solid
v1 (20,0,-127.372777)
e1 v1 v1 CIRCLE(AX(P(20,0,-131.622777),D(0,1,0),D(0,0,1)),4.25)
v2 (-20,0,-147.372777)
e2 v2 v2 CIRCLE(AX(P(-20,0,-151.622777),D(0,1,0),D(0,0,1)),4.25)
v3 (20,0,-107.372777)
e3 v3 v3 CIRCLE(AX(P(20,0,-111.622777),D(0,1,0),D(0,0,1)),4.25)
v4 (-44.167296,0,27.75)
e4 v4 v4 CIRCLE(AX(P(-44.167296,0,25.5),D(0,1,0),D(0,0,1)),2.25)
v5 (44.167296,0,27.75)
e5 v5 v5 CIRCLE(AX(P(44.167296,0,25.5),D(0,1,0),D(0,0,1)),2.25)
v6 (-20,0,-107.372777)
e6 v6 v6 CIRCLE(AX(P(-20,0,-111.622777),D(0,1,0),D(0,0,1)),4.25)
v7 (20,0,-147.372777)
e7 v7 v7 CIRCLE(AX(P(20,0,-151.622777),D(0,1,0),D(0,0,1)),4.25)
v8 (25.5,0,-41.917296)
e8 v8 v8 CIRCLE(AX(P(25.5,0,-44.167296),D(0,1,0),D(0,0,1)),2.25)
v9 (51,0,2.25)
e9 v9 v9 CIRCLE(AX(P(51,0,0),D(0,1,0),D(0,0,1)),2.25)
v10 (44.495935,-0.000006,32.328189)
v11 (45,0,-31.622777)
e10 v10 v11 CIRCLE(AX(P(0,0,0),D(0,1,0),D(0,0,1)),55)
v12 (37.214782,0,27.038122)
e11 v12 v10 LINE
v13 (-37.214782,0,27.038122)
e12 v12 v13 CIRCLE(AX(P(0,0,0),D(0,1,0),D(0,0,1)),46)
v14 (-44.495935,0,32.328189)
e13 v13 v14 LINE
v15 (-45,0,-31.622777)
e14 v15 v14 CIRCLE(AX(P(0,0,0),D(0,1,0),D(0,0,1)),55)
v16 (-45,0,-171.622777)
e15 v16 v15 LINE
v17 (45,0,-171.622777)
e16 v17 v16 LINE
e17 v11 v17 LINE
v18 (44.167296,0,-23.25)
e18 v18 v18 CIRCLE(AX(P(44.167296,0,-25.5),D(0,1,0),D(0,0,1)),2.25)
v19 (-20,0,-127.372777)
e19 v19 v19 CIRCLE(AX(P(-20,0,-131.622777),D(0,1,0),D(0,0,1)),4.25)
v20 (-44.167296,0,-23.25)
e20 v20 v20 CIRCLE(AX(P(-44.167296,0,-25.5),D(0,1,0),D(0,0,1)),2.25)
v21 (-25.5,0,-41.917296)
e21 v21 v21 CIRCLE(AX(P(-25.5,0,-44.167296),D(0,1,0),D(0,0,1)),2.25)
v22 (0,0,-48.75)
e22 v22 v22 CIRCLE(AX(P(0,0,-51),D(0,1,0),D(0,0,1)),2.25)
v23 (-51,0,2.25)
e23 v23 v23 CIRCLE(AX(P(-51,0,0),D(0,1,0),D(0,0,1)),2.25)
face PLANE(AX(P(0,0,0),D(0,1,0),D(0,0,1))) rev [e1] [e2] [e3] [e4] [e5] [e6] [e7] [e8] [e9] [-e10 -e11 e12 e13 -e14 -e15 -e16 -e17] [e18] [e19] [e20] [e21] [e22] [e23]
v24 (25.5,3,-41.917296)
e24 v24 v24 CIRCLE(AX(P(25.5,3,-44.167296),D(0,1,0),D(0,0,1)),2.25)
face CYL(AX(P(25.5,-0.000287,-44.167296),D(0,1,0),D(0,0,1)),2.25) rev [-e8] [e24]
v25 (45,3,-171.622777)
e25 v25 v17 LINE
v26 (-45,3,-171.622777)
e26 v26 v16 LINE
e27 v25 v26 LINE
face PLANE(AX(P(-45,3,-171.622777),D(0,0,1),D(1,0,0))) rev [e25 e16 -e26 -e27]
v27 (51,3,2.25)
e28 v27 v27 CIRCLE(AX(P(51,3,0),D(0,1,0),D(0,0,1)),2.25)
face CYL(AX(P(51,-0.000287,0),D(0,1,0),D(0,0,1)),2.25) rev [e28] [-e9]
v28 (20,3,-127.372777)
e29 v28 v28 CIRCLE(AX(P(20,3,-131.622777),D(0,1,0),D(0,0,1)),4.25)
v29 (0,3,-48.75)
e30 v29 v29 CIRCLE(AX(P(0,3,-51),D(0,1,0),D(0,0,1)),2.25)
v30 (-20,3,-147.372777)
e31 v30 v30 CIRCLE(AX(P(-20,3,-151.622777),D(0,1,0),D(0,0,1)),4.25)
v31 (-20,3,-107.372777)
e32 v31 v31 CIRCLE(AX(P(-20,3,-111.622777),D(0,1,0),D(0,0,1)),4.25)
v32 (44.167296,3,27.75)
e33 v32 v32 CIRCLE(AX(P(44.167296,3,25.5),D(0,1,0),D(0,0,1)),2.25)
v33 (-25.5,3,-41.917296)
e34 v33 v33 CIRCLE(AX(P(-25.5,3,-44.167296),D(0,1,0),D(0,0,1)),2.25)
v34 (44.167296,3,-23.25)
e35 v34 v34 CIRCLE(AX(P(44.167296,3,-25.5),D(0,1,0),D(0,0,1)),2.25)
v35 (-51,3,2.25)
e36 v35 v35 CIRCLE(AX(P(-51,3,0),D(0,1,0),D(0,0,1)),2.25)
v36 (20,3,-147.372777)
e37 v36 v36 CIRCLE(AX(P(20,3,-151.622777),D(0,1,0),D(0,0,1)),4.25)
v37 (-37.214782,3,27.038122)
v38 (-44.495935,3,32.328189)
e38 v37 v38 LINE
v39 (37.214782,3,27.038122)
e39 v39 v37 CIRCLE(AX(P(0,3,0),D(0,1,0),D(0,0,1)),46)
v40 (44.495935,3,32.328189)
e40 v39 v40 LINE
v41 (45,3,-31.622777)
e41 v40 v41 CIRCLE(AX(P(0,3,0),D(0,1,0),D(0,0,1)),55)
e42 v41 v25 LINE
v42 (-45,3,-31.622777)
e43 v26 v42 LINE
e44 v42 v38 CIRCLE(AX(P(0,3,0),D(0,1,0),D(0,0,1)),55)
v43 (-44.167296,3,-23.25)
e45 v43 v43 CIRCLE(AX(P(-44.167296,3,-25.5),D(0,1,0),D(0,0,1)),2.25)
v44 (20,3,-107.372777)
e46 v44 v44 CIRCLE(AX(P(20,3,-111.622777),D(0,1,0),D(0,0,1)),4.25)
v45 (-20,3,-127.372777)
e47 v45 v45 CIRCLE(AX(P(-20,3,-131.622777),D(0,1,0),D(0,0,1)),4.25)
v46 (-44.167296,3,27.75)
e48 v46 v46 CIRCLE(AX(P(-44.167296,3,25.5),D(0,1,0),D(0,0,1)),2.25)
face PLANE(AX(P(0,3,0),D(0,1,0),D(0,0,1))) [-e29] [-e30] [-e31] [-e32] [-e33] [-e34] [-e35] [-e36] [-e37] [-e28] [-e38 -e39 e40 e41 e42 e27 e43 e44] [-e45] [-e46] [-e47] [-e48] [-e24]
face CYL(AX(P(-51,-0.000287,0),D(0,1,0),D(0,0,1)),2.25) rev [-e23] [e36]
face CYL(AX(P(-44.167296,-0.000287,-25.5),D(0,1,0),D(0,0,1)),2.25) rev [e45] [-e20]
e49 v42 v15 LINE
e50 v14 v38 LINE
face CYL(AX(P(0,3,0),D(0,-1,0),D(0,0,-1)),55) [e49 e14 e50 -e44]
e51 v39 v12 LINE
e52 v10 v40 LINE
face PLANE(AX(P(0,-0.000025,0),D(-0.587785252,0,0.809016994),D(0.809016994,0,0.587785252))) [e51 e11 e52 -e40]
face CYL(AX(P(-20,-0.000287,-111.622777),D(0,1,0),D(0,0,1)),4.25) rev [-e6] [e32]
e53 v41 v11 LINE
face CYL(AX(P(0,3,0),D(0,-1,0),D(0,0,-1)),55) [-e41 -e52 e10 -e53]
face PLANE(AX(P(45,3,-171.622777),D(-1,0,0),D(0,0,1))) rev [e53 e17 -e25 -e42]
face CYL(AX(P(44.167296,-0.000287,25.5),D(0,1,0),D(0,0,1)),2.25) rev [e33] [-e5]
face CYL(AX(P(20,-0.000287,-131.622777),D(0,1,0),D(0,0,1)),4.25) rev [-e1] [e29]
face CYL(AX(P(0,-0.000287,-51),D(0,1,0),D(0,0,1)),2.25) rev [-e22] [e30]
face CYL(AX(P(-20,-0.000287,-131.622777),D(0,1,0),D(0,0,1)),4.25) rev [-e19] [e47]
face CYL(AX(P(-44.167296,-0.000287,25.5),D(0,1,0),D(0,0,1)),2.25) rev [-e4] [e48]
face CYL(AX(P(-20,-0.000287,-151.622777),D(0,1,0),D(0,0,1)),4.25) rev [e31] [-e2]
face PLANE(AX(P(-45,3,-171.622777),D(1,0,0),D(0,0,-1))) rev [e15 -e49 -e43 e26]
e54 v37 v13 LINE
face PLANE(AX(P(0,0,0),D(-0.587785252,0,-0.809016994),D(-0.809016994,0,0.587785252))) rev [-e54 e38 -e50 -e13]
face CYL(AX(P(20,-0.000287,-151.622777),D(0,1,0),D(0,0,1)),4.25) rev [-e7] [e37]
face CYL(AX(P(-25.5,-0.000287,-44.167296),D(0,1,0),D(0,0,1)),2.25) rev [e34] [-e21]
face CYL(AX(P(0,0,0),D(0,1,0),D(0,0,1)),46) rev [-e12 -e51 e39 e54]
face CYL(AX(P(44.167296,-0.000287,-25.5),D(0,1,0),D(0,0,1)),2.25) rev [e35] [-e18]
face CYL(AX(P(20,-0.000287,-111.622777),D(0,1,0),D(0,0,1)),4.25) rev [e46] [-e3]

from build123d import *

# Parameters (mm, degrees)
SKETCH1_R               = 55
BOSS_EXTRUDE1_DEPTH     = 3
SKETCH2_W               = 90
SKETCH2_H               = 140
BOSS_EXTRUDE2_DEPTH     = 3
SKETCH4_R               = 46
CUT_EXTRUDE2_DEPTH      = 1
CUT_EXTRUDE2_DEPTH_BACK = 4
CUT_EXTRUDE5_START      = -4
CUT_EXTRUDE5_DEPTH      = 5
CUT_EXTRUDE3_START      = -4
SKETCH5_R               = 2.25
CUT_EXTRUDE3_DEPTH      = 5
CIRPATTERN1_COUNT       = 12
CUT_EXTRUDE4_START      = -4
SKETCH6_R               = 4.25
CUT_EXTRUDE4_DEPTH      = 5
LPATTERN1_COUNT         = 3
LPATTERN1_PITCH         = 20


with BuildPart() as part:
    # Sketch1 → Boss-Extrude1 (new body)
    with BuildSketch(Plane(origin=(0, 0, 0), x_dir=(1, 0, 0), z_dir=(0, 1, 0))):
        Circle(SKETCH1_R)
    extrude(amount=BOSS_EXTRUDE1_DEPTH)

    # Sketch2 → Boss-Extrude2 (add)
    with BuildSketch(Plane(origin=(0, 0, 0), x_dir=(1, 0, 0), z_dir=(0, 1, 0))):
        with Locations((0, 101.622776602)):
            Rectangle(SKETCH2_W, SKETCH2_H)
    extrude(amount=BOSS_EXTRUDE2_DEPTH)

    # Sketch4 → Cut-Extrude2 (cut, two sides)
    with BuildSketch(Plane(origin=(0, 3, 0), x_dir=(1, 0, 0), z_dir=(0, 1, 0))) as cut_extrude2_sk:
        Circle(SKETCH4_R)
    extrude(amount=CUT_EXTRUDE2_DEPTH, mode=Mode.SUBTRACT)
    extrude(cut_extrude2_sk.sketch, amount=-CUT_EXTRUDE2_DEPTH_BACK, mode=Mode.SUBTRACT)

    # Sketch7 → Cut-Extrude5 (cut)
    with BuildSketch(Plane(origin=(0, 3, 0), x_dir=(1, 0, 0), z_dir=(0, 1, 0)).offset(CUT_EXTRUDE5_START)):
        with BuildLine():
            Line((0, 0), (0, -55))
            ThreePointArc((0, -55), (-24.969477486, -49.00535883), (-44.495934691, -32.328188876))
            Line((-44.495934691, -32.328188876), (0, 0))
        make_face()
    cut_extrude5 = extrude(amount=CUT_EXTRUDE5_DEPTH, mode=Mode.SUBTRACT)

    # Mirror1: Cut-Extrude5 across plane
    add(cut_extrude5.mirror(Plane(origin=(0, 0, 0), x_dir=(0, 0, 1), z_dir=(1, 0, 0))), mode=Mode.SUBTRACT)

    # Sketch5 → Cut-Extrude3 (cut)
    with BuildSketch(Plane(origin=(0, 3, 0), x_dir=(1, 0, 0), z_dir=(0, 1, 0)).offset(CUT_EXTRUDE3_START)):
        with Locations((0, 51)):
            Circle(SKETCH5_R)
    cut_extrude3 = extrude(amount=CUT_EXTRUDE3_DEPTH, mode=Mode.SUBTRACT)

    # CirPattern1: Cut-Extrude3 ×12 about axis
    cirpattern1_axis = Axis((0, 0, 0), (0, 1, 0))
    for i in range(1, CIRPATTERN1_COUNT):
        add(cut_extrude3.rotate(cirpattern1_axis, i * 360 / CIRPATTERN1_COUNT), mode=Mode.SUBTRACT)

    # Sketch6 → Cut-Extrude4 (cut)
    with BuildSketch(Plane(origin=(0, 3, 0), x_dir=(1, 0, 0), z_dir=(0, 1, 0)).offset(CUT_EXTRUDE4_START)):
        with Locations((20, 151.622776602)):
            Circle(SKETCH6_R)
        with Locations((-20, 151.622776602)):
            Circle(SKETCH6_R)
    cut_extrude4 = extrude(amount=CUT_EXTRUDE4_DEPTH, mode=Mode.SUBTRACT)

    # LPattern1: Cut-Extrude4 ×3
    with Locations(*[(0, 0, i * LPATTERN1_PITCH) for i in range(1, LPATTERN1_COUNT)]):
        add(cut_extrude4, mode=Mode.SUBTRACT)


solid = part.part
